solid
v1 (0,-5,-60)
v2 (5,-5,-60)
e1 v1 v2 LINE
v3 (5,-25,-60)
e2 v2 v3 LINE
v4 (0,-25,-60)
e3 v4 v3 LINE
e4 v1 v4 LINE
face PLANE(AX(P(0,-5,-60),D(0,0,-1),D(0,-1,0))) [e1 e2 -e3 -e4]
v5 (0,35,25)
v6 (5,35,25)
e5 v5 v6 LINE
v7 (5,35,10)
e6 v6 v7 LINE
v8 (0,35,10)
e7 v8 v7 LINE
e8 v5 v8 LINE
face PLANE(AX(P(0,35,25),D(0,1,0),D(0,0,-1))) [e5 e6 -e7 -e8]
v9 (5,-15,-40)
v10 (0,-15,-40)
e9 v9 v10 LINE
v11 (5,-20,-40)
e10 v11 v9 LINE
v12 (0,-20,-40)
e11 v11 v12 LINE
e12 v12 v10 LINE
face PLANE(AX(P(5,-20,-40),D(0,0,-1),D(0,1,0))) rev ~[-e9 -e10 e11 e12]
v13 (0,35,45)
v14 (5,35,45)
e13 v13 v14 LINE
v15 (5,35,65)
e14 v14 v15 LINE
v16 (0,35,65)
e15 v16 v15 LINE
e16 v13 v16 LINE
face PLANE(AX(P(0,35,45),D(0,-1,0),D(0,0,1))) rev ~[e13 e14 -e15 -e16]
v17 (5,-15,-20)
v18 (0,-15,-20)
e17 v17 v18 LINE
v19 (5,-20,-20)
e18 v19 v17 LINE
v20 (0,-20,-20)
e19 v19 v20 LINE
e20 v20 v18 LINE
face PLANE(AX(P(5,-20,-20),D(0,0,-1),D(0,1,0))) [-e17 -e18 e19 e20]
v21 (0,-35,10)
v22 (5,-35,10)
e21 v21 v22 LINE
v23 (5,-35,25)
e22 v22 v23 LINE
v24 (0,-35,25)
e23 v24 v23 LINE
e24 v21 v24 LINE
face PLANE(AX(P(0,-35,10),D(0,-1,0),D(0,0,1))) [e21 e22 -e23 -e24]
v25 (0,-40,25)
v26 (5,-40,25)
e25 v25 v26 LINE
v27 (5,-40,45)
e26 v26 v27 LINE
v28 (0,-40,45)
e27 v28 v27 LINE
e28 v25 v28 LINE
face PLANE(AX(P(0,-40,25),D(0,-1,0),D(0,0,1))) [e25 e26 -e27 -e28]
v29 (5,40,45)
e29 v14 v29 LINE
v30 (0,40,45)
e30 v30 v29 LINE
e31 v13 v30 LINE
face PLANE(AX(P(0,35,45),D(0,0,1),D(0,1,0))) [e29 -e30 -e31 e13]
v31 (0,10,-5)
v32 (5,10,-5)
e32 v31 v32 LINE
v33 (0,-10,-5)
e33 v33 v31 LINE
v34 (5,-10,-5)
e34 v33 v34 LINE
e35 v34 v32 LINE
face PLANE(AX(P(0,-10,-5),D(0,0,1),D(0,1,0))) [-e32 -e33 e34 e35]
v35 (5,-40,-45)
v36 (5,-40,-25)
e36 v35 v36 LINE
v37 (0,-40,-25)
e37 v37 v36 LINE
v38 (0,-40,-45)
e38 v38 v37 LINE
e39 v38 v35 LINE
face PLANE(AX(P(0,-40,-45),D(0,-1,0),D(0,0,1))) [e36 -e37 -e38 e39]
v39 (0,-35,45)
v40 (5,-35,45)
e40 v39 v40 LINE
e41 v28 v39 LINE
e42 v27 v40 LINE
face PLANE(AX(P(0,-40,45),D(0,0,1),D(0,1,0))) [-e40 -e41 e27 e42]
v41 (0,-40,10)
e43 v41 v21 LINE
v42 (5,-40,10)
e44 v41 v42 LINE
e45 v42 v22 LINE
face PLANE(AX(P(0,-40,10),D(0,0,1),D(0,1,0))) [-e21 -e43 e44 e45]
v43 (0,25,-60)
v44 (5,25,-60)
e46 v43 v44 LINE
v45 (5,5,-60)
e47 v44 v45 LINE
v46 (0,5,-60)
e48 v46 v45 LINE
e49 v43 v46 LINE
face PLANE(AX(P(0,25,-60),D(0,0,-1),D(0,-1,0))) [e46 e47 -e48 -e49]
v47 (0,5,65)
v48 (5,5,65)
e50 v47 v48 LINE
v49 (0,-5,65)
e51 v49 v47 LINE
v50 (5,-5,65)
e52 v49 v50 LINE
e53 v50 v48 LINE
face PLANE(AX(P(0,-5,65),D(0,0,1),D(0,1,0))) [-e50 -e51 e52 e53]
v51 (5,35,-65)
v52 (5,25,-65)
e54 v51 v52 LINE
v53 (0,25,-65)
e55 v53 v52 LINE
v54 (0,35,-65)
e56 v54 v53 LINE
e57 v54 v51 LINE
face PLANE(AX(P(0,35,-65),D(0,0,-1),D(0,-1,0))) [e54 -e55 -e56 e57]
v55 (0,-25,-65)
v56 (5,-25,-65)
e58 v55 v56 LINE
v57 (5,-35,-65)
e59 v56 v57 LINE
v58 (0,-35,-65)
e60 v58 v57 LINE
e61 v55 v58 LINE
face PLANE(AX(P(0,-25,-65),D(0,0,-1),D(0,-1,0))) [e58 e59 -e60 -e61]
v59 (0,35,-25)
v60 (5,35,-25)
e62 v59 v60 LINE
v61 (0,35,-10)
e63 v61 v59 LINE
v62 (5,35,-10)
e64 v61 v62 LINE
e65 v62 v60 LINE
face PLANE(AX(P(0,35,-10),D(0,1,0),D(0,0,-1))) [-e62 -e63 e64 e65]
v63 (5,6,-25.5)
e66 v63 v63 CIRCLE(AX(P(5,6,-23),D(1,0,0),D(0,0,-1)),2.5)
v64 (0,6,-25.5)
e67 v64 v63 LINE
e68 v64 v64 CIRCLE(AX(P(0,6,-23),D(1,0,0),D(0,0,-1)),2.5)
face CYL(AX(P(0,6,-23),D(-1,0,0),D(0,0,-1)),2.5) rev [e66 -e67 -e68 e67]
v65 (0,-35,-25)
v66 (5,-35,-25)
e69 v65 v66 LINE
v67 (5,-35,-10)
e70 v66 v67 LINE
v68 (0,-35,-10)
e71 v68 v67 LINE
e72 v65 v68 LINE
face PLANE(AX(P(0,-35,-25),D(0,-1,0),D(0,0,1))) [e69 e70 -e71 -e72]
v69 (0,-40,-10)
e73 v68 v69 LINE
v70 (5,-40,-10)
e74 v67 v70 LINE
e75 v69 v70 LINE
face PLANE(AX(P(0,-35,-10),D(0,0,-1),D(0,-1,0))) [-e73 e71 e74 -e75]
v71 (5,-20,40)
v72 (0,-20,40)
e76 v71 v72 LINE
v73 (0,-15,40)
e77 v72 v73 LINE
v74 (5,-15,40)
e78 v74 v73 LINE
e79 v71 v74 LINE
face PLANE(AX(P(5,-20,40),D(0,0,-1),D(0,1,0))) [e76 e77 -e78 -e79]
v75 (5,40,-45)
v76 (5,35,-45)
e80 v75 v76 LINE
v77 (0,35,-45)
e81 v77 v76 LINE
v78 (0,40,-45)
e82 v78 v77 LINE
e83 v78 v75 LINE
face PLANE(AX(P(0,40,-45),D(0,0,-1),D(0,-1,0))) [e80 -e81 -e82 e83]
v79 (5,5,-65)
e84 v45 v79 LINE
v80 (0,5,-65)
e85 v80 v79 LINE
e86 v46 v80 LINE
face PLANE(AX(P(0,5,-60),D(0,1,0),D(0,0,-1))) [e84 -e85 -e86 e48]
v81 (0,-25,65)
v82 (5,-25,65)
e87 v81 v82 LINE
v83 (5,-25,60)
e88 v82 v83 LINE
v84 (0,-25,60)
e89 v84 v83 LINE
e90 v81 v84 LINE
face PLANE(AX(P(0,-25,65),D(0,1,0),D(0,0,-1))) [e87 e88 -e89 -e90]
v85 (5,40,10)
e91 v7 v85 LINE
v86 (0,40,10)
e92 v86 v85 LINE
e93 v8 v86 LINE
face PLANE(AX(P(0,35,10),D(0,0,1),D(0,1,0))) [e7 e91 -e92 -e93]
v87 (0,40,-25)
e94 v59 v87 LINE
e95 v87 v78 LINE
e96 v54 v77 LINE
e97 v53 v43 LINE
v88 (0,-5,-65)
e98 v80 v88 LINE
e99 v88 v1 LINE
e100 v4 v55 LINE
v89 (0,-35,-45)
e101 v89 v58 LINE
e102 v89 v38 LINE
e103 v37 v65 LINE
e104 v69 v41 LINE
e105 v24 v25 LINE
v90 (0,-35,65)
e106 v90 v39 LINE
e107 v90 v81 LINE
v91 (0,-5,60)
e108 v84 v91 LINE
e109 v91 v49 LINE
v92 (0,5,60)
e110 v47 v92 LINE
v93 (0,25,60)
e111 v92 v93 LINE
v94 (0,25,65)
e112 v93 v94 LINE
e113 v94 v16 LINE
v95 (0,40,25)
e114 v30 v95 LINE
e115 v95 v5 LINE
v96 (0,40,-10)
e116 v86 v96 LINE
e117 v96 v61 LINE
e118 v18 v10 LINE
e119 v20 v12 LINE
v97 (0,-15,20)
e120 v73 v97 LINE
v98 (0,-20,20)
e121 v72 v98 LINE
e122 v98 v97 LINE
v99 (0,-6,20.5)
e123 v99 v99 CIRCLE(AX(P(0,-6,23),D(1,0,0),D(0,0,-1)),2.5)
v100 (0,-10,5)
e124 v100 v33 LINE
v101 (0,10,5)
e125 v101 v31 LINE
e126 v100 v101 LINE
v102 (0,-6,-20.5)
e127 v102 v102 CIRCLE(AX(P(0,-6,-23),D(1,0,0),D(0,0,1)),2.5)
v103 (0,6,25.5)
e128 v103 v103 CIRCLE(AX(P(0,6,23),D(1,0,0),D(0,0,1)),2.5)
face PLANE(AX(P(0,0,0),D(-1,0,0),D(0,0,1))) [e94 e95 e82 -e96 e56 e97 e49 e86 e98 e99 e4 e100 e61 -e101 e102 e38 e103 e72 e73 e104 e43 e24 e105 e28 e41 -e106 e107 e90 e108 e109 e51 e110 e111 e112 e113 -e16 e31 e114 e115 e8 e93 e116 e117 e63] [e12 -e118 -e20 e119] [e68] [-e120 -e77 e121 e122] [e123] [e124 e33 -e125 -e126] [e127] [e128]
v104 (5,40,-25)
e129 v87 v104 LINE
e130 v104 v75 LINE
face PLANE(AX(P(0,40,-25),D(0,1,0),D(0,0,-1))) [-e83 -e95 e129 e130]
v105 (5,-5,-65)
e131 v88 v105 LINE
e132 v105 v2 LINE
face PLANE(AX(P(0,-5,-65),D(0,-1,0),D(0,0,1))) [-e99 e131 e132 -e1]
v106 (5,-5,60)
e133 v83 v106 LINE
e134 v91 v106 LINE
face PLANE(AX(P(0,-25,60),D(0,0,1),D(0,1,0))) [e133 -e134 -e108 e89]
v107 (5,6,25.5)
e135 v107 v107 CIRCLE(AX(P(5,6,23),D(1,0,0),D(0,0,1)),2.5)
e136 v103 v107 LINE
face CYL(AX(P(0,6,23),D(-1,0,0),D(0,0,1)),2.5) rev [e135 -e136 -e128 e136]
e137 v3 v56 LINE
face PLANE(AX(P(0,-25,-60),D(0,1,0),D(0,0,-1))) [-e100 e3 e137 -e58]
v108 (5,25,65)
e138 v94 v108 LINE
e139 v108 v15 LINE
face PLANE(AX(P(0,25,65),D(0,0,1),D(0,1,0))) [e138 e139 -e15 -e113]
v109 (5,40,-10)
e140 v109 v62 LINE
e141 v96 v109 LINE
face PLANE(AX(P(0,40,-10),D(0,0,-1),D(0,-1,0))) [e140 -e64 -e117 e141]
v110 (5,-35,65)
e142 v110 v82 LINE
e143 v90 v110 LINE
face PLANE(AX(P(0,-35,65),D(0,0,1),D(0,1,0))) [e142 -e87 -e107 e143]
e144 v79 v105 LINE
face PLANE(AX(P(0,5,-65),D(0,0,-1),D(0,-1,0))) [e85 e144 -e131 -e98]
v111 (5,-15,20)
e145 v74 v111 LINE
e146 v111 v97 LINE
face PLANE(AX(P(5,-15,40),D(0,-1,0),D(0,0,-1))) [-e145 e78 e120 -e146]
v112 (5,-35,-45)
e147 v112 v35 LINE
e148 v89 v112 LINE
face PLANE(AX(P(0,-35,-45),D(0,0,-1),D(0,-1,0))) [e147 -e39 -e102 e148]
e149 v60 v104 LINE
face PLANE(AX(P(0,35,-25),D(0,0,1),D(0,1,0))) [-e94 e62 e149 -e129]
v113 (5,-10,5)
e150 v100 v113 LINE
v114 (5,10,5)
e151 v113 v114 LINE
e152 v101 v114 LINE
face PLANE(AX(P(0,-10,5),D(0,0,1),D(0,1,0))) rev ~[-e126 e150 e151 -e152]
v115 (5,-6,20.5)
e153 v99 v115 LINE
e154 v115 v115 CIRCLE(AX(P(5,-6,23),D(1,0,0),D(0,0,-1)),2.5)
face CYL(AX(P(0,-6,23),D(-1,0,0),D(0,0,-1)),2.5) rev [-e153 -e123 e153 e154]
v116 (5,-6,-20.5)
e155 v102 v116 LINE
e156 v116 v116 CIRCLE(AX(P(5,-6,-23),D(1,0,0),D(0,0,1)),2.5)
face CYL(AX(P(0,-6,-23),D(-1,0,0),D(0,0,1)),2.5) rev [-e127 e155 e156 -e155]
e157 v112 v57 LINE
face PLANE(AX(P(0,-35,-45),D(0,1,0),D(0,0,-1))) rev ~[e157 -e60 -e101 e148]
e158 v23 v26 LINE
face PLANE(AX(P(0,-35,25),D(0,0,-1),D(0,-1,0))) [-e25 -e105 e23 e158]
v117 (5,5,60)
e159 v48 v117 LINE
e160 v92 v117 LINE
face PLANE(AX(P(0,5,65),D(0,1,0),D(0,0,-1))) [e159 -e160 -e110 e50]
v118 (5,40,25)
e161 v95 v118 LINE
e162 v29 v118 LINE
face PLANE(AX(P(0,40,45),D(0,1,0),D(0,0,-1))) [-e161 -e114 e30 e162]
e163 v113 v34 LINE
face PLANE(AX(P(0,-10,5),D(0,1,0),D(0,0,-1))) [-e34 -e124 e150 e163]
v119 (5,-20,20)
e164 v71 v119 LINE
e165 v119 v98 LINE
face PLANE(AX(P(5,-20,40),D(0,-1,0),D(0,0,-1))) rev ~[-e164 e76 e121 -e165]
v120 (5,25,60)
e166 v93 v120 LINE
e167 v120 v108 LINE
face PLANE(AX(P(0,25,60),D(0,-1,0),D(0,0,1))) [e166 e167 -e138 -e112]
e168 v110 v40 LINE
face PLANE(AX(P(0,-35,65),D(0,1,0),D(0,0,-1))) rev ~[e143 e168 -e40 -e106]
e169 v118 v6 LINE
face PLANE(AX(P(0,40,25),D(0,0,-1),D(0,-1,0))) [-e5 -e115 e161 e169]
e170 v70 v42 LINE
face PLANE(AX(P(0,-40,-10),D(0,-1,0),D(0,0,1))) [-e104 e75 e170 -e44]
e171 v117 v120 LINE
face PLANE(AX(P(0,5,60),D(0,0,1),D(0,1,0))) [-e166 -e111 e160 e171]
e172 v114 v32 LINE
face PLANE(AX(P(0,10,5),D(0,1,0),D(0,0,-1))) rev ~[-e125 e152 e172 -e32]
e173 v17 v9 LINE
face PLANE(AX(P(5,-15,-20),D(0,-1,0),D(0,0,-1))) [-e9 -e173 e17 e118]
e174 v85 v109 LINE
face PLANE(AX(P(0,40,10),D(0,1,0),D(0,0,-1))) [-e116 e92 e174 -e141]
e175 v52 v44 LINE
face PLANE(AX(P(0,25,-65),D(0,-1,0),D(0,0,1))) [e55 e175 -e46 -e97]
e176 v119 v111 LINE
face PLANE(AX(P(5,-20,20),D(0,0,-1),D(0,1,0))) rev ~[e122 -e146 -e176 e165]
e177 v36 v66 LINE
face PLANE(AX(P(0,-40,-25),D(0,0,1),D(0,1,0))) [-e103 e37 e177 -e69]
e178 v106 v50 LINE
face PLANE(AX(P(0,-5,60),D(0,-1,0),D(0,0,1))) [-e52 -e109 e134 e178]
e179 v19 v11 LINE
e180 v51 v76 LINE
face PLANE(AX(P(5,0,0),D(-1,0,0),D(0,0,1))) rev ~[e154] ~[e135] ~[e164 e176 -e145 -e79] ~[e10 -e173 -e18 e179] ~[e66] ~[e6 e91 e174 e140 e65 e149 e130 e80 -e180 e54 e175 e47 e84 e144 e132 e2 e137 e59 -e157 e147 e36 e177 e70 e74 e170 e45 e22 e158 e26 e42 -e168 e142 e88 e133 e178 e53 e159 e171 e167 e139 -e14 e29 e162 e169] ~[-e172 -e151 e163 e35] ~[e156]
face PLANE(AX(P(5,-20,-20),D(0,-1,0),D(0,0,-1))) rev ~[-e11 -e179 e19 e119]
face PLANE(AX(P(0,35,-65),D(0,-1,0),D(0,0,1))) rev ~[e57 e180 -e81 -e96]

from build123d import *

# Parameters (mm, degrees)
BOSS_EXTRUDE1_DEPTH = 5
SKETCH2_R           = 2.5
SKETCH2_W           = 10
SKETCH2_H           = 20
CUT_EXTRUDE1_DEPTH  = 5
SKETCH3_W           = 20
SKETCH3_H           = 5
CUT_EXTRUDE2_DEPTH  = 5


with BuildPart() as part:
    # Sketch1 → Boss-Extrude1 (new body)
    with BuildSketch(Plane(origin=(0, 0, 0), x_dir=(0, 0, -1), z_dir=(1, 0, 0))):
        Polygon((65, 35), (65, 25), (60, 25), (60, 5), (65, 5), (65, -5), (60, -5), (60, -25), (65, -25), (65, -35), (60, -35), (45, -35), (45, -40), (25, -40), (25, -35), (10, -35), (10, -40), (-10, -40), (-10, -35), (-25, -35), (-25, -40), (-45, -40), (-45, -35), (-60, -35), (-65, -35), (-65, -25), (-60, -25), (-60, -5), (-65, -5), (-65, 5), (-60, 5), (-60, 25), (-65, 25), (-65, 35), (-60, 35), (-45, 35), (-45, 40), (-25, 40), (-25, 35), (-10, 35), (-10, 40), (10, 40), (10, 35), (25, 35), (25, 40), (45, 40), (45, 35), (60, 35), align=None)
    extrude(amount=BOSS_EXTRUDE1_DEPTH)

    # Sketch2 → Cut-Extrude1 (cut)
    with BuildSketch(Plane(origin=(0, 0, 0), x_dir=(0, 0, -1), z_dir=(1, 0, 0))):
        with Locations((23, 6)):
            Circle(SKETCH2_R)
        with Locations(Location((23, -6, 0), (0, 0, 180))):
            Circle(SKETCH2_R)
        with Locations((-23, -6)):
            Circle(SKETCH2_R)
        with Locations(Location((-23, 6, 0), (0, 0, 180))):
            Circle(SKETCH2_R)
        Rectangle(SKETCH2_W, SKETCH2_H)
    extrude(amount=CUT_EXTRUDE1_DEPTH, mode=Mode.SUBTRACT)

    # Sketch3 → Cut-Extrude2 (cut)
    with BuildSketch(Plane(origin=(5, 0, 0), x_dir=(0, 0, -1), z_dir=(1, 0, 0))):
        with Locations((30, -17.5)):
            Rectangle(SKETCH3_W, SKETCH3_H)
        with Locations((-30, -17.5)):
            Rectangle(SKETCH3_W, SKETCH3_H)
    extrude(amount=-CUT_EXTRUDE2_DEPTH, mode=Mode.SUBTRACT)


solid = part.part
